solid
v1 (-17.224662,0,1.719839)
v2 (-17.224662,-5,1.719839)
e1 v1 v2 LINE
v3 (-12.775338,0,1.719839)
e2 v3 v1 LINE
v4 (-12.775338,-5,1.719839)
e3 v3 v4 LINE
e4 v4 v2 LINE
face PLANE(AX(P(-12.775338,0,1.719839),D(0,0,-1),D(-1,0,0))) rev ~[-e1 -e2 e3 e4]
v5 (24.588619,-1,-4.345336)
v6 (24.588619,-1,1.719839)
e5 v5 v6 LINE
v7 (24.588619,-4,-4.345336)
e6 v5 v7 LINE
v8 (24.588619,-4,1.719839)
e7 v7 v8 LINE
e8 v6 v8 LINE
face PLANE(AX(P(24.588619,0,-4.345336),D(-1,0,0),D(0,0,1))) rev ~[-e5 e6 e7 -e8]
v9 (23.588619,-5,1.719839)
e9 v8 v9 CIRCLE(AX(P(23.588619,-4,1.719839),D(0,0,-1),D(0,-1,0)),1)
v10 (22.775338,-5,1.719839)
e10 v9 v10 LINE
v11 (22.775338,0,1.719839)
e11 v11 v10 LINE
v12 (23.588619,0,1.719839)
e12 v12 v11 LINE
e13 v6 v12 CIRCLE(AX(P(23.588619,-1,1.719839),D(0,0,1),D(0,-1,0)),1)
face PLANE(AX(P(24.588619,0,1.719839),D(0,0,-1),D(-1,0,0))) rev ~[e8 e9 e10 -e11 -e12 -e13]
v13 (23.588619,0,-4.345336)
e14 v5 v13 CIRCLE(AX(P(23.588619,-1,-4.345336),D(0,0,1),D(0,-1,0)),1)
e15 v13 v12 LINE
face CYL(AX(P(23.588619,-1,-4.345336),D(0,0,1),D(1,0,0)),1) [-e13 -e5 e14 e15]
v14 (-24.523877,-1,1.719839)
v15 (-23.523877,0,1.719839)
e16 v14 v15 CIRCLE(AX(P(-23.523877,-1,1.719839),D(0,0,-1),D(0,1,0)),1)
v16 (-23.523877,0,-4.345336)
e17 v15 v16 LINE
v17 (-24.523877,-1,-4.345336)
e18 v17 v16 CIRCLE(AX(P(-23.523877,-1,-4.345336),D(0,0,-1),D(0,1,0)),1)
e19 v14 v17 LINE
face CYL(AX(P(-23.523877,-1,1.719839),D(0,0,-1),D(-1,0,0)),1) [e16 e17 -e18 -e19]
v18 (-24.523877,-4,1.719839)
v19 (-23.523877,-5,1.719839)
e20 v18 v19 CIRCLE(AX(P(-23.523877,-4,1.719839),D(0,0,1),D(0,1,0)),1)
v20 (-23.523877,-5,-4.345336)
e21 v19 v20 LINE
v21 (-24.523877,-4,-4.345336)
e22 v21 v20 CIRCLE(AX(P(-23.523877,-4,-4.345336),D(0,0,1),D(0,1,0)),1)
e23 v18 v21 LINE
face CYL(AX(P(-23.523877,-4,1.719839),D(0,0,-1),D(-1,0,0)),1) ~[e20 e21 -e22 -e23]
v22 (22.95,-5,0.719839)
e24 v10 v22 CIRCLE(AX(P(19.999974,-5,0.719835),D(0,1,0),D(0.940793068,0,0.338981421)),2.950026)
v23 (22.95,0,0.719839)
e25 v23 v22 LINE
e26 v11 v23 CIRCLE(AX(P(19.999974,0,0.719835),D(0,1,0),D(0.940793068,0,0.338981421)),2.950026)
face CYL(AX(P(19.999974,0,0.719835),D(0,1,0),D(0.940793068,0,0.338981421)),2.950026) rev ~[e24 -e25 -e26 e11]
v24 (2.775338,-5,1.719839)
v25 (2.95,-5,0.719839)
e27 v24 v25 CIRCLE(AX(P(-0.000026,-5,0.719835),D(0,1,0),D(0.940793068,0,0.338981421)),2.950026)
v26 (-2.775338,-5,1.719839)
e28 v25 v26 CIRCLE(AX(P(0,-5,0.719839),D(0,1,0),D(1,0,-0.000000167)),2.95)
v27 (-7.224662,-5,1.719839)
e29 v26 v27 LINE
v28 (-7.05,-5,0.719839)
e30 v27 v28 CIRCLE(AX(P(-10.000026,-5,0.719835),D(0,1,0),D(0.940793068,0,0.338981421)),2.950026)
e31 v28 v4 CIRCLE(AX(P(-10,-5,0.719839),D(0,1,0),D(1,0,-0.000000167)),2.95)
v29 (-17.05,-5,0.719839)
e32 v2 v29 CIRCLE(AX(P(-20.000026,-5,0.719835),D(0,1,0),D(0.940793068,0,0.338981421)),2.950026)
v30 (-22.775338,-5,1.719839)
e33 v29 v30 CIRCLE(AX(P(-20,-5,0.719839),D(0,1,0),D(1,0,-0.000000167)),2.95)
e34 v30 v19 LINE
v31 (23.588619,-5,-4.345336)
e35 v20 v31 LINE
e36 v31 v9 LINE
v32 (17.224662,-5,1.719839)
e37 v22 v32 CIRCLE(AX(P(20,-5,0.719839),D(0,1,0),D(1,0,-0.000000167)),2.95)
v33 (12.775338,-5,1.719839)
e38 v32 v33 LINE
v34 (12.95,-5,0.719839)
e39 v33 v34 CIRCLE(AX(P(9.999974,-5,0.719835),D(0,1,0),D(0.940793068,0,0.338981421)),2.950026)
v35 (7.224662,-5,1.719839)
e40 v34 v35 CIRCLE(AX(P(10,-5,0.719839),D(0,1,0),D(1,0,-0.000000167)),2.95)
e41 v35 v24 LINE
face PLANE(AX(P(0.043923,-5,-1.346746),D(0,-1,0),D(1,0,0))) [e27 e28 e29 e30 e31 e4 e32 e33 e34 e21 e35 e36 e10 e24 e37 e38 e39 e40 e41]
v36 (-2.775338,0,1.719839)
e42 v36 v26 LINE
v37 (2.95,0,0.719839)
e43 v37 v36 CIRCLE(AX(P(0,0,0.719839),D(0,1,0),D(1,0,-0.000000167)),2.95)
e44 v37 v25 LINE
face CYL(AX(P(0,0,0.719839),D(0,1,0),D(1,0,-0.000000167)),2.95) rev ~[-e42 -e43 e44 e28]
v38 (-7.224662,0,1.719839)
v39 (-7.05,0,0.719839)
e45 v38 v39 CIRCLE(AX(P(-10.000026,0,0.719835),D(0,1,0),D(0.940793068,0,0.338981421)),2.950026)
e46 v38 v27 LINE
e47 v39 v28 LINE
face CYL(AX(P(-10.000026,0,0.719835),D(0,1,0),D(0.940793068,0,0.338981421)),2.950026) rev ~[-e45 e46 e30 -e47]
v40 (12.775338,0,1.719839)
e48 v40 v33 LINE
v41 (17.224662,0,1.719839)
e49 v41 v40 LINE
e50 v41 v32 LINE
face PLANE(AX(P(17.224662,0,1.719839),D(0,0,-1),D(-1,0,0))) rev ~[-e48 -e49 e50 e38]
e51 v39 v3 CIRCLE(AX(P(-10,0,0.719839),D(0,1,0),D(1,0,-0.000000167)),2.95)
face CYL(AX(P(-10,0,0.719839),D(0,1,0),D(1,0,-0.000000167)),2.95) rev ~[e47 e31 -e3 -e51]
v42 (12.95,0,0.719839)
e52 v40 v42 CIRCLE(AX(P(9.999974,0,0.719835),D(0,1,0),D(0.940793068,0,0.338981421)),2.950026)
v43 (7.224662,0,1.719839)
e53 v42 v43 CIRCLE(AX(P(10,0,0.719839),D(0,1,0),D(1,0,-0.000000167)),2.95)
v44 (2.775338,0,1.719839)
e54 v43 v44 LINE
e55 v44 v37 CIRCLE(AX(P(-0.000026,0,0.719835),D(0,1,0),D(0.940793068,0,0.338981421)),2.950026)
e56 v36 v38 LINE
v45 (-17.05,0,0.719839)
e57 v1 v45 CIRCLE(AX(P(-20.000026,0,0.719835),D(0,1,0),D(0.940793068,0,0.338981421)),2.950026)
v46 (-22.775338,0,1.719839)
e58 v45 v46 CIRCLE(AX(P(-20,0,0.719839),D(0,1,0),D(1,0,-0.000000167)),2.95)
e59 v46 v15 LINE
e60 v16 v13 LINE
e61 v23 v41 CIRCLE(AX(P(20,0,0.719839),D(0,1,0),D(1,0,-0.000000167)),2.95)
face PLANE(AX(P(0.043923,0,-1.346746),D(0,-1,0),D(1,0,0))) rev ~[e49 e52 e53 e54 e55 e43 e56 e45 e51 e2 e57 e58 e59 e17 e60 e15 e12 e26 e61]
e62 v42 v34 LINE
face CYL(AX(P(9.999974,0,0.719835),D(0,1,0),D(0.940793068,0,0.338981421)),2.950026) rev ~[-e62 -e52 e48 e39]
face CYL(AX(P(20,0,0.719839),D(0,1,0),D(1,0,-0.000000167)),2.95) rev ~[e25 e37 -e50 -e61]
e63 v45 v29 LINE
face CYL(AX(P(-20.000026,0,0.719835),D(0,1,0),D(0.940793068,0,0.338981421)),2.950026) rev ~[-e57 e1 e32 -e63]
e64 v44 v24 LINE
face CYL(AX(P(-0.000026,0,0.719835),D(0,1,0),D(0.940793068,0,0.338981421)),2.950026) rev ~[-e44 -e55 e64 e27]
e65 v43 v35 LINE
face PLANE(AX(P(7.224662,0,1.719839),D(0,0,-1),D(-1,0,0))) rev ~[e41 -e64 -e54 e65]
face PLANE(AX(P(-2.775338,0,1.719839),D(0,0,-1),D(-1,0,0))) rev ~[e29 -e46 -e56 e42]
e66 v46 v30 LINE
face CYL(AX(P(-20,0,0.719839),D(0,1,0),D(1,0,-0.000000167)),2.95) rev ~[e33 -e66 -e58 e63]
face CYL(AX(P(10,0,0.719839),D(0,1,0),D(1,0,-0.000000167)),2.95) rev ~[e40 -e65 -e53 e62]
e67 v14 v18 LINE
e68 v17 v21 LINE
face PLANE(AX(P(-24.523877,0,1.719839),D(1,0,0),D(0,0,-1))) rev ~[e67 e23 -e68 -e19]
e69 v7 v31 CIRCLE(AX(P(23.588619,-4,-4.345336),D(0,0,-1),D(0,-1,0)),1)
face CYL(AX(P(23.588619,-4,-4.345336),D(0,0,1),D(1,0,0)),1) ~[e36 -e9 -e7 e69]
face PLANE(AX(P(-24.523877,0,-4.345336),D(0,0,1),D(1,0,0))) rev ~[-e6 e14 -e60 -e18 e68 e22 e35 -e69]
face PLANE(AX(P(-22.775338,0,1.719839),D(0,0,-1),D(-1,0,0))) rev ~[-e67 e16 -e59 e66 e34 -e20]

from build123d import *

# Parameters (mm, degrees)
F0_W     = 49.112496
F0_H     = 0.706024
F1_DEPTH = 5
F2_R     = 1


with BuildPart() as f1:
    # F0 (on Front) → F1 (new body)
    with BuildSketch(Plane.XZ):
        with BuildLine():
            ThreePointArc((-17.224662, 1.719839), (-17.093994, 1.227409), (-17.05, 0.719839))
            ThreePointArc((-17.05, 0.719839), (-20.507569, -2.186167), (-22.775338, 1.719839))
            Line((-22.775338, 1.719839), (-24.523877, 1.719839))
            Line((-24.523877, 1.719839), (-24.523877, -3.639312))
            Line((-24.523877, -3.639312), (24.588619, -3.639312))
            Line((24.588619, -3.639312), (24.588619, 1.719839))
            Line((24.588619, 1.719839), (22.775338, 1.719839))
            ThreePointArc((22.775338, 1.719839), (22.906006, 1.227409), (22.95, 0.719839))
            ThreePointArc((22.95, 0.719839), (19.492431, -2.186167), (17.224662, 1.719839))
            Line((17.224662, 1.719839), (12.775338, 1.719839))
            ThreePointArc((12.775338, 1.719839), (12.906006, 1.227409), (12.95, 0.719839))
            ThreePointArc((12.95, 0.719839), (9.492431, -2.186167), (7.224662, 1.719839))
            Line((7.224662, 1.719839), (2.775338, 1.719839))
            ThreePointArc((2.775338, 1.719839), (2.906006, 1.227409), (2.95, 0.719839))
            ThreePointArc((2.95, 0.719839), (-0.507569, -2.186167), (-2.775338, 1.719839))
            Line((-2.775338, 1.719839), (-7.224662, 1.719839))
            ThreePointArc((-7.224662, 1.719839), (-7.093994, 1.227409), (-7.05, 0.719839))
            ThreePointArc((-7.05, 0.719839), (-10.507569, -2.186167), (-12.775338, 1.719839))
            Line((-12.775338, 1.719839), (-17.224662, 1.719839))
        make_face()
        with Locations((0.032371, -3.992324)):
            Rectangle(F0_W, F0_H)
    extrude(amount=F1_DEPTH)

    # F2
    f2_edges = [f1.edges().sort_by_distance(p)[0] for p in [
        (24.588619, -5, -1.312748),
        (24.588619, 0, -1.312748),
        (-24.523877, -5, -1.312748),
        (-24.523877, 0, -1.312748),
    ]]
    fillet(f2_edges, radius=F2_R)


solid = f1.part
